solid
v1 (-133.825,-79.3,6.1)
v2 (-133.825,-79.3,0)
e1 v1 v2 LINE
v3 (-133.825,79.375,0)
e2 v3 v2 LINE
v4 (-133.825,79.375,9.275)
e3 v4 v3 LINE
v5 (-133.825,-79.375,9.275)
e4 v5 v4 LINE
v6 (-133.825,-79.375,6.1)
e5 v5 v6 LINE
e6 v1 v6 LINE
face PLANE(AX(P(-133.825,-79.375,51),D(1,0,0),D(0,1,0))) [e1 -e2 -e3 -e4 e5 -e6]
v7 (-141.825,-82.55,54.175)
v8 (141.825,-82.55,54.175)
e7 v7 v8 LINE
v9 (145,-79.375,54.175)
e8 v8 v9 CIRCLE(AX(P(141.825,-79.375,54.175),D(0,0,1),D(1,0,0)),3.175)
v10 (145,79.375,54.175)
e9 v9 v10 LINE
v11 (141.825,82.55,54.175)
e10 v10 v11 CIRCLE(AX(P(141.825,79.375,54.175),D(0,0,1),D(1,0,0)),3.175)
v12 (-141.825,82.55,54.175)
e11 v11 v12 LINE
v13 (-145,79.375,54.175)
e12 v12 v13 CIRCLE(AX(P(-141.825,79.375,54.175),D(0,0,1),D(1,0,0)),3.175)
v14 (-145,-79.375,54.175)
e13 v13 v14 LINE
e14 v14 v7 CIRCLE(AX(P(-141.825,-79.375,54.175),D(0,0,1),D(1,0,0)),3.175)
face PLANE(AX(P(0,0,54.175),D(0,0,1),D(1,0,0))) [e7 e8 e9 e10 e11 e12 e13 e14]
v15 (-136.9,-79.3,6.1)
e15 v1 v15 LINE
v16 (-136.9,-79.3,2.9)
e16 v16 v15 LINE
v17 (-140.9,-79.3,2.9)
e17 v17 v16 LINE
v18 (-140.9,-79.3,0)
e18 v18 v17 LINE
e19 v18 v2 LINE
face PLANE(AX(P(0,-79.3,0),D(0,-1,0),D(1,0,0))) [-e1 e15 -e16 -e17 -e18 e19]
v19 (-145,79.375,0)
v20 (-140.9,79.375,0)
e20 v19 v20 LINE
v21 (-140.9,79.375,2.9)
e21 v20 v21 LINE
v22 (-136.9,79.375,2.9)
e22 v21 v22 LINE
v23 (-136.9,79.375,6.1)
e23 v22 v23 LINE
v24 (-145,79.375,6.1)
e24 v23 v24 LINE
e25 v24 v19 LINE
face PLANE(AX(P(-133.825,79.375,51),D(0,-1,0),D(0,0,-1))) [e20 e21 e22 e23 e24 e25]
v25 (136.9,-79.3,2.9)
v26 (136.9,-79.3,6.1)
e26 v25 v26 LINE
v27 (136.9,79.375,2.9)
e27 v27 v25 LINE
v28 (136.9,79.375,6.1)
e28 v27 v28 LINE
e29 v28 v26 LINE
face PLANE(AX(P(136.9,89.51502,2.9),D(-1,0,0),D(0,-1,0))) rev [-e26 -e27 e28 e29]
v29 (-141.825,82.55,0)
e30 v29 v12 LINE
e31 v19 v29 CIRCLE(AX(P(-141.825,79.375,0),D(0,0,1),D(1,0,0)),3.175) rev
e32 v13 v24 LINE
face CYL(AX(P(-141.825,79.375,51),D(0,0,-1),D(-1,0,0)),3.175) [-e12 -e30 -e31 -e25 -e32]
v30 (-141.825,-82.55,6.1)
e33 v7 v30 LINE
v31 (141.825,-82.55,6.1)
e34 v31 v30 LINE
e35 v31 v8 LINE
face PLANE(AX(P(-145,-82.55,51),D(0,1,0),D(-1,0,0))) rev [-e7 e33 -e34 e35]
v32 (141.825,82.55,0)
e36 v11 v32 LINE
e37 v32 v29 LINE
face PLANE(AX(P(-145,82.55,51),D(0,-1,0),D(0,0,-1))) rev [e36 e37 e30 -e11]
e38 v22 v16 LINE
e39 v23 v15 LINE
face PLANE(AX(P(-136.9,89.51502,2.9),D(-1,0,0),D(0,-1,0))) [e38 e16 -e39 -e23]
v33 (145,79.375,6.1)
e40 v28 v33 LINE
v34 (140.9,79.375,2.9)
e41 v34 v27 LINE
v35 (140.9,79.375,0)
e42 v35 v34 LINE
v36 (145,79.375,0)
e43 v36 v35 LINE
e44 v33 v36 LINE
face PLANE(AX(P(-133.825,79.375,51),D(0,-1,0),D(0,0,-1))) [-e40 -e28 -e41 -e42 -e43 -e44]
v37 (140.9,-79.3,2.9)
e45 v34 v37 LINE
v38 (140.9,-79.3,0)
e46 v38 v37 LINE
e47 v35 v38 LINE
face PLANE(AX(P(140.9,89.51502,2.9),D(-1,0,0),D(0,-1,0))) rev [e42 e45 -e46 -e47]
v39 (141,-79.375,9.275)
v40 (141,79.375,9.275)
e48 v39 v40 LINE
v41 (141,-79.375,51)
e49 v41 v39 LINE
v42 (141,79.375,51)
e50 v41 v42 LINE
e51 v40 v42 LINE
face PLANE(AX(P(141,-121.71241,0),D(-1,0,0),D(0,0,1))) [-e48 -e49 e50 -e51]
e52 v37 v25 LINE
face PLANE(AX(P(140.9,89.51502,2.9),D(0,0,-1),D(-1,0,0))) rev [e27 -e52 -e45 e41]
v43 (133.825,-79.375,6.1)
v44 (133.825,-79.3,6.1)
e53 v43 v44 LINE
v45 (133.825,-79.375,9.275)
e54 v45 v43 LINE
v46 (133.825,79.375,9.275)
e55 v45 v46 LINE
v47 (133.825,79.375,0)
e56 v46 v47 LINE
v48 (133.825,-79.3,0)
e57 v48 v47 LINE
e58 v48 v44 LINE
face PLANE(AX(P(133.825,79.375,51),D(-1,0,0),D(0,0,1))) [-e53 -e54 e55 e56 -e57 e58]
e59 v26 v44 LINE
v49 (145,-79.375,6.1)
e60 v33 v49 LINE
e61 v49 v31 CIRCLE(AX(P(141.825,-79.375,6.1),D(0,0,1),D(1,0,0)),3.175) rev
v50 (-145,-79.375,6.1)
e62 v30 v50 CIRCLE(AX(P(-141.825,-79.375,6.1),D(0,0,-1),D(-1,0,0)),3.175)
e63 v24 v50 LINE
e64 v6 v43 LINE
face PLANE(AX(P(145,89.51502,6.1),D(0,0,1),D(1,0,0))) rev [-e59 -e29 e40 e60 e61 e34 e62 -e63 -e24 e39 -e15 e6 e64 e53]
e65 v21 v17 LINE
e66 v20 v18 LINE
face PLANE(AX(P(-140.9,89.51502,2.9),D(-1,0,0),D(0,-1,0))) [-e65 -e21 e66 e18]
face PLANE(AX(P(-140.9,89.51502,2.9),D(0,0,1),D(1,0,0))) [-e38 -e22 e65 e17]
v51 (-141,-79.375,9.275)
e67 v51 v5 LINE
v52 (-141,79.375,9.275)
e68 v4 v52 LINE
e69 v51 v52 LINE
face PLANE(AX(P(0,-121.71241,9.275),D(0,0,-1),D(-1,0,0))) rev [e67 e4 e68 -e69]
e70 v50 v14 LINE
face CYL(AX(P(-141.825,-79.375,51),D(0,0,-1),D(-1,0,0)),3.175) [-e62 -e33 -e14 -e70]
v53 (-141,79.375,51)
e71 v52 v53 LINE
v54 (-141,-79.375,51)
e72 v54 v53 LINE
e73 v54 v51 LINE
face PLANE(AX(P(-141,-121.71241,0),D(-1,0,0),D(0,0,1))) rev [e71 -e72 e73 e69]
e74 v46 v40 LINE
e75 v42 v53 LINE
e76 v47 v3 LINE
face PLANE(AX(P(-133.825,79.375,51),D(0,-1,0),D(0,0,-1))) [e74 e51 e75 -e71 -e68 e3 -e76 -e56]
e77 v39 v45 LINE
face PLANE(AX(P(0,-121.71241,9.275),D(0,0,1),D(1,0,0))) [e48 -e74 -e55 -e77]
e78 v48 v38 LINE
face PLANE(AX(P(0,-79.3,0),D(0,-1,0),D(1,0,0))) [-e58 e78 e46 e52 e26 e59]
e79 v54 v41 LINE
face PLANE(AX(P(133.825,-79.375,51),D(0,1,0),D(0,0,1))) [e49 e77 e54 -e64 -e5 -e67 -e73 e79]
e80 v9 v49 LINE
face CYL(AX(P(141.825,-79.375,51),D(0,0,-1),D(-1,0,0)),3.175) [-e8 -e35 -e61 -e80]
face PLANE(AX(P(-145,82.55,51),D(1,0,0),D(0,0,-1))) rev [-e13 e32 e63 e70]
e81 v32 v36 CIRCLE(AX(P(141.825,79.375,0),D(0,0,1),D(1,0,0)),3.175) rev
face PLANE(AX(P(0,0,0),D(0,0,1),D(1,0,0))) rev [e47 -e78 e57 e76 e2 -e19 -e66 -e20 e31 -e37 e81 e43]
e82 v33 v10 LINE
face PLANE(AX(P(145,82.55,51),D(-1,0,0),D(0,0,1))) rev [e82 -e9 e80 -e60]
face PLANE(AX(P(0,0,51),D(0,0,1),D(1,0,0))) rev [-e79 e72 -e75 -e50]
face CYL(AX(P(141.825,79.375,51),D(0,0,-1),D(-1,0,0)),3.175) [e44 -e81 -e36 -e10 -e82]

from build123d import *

# Parameters (mm, degrees)
SKETCH2_W           = 290
SKETCH2_H           = 165.1
BOSS_EXTRUDE1_DEPTH = 51
SKETCH3_W           = 290
SKETCH3_H           = 165.1
BOSS_EXTRUDE2_DEPTH = 3.175
CUT_EXTRUDE1_DEPTH  = 161.925
SKETCH7_W           = 7.175
SKETCH7_H           = 41.725
CUT_EXTRUDE3_DEPTH  = 158.75
FILLET1_R           = 3.175
SKETCH8_W           = 290
SKETCH8_H           = 6.1
CUT_EXTRUDE4_DEPTH  = 3.25


with BuildPart() as part:
    # Sketch2 → Boss-Extrude1 (new body)
    with BuildSketch(Plane.XY):
        Rectangle(SKETCH2_W, SKETCH2_H)
        Polygon((133.825, 71.375), (133.825, -71.375), (133.825, -79.375), (-133.825, -79.375), (-133.825, -71.375), (-133.825, 71.375), (-133.825, 79.375), (133.825, 79.375), align=None, mode=Mode.SUBTRACT)
    extrude(amount=BOSS_EXTRUDE1_DEPTH)

    # Sketch3 → Boss-Extrude2 (add)
    with BuildSketch(Plane.XY.offset(51)):
        Rectangle(SKETCH3_W, SKETCH3_H)
    extrude(amount=BOSS_EXTRUDE2_DEPTH)

    # Sketch4 → Cut-Extrude1 (cut)
    with BuildSketch(Plane.XZ.offset(82.55)):
        Polygon((140.9, 2.9), (136.9, 2.9), (136.9, 6.1), (145, 6.1), (145, 2.9), (145, 0), (140.9, 0), align=None)
    cut_extrude1 = extrude(amount=-CUT_EXTRUDE1_DEPTH, mode=Mode.SUBTRACT)

    # Mirror1: Cut-Extrude1 across plane
    add(cut_extrude1.mirror(Plane(origin=(0, 0, 0), x_dir=(0, 0, 1), z_dir=(1, 0, 0))), mode=Mode.SUBTRACT)

    # Sketch7 → Cut-Extrude3 (cut)
    with BuildSketch(Plane(origin=(0, 79.375, 0), x_dir=(1, 0, 0), z_dir=(0, 1, 0))):
        with Locations((137.4125, -30.1375)):
            Rectangle(SKETCH7_W, SKETCH7_H)
    cut_extrude3 = extrude(amount=-CUT_EXTRUDE3_DEPTH, mode=Mode.SUBTRACT)

    # Mirror4: Cut-Extrude3 across plane
    add(cut_extrude3.mirror(Plane(origin=(0, 0, 0), x_dir=(0, 0, 1), z_dir=(1, 0, 0))), mode=Mode.SUBTRACT)

    # Fillet1
    fillet1_edges = [part.edges().sort_by_distance(p)[0] for p in [
        (145, -82.55, 30.1375),
        (-145, -82.55, 30.1375),
        (-145, 82.55, 27.0875),
        (145, 82.55, 27.0875),
    ]]
    fillet(fillet1_edges, radius=FILLET1_R)

    # Sketch8 → Cut-Extrude4 (cut)
    with BuildSketch(Plane.XZ.offset(82.55)):
        with Locations((0, 3.05)):
            Rectangle(SKETCH8_W, SKETCH8_H)
    extrude(amount=-CUT_EXTRUDE4_DEPTH, mode=Mode.SUBTRACT)


solid = part.part
